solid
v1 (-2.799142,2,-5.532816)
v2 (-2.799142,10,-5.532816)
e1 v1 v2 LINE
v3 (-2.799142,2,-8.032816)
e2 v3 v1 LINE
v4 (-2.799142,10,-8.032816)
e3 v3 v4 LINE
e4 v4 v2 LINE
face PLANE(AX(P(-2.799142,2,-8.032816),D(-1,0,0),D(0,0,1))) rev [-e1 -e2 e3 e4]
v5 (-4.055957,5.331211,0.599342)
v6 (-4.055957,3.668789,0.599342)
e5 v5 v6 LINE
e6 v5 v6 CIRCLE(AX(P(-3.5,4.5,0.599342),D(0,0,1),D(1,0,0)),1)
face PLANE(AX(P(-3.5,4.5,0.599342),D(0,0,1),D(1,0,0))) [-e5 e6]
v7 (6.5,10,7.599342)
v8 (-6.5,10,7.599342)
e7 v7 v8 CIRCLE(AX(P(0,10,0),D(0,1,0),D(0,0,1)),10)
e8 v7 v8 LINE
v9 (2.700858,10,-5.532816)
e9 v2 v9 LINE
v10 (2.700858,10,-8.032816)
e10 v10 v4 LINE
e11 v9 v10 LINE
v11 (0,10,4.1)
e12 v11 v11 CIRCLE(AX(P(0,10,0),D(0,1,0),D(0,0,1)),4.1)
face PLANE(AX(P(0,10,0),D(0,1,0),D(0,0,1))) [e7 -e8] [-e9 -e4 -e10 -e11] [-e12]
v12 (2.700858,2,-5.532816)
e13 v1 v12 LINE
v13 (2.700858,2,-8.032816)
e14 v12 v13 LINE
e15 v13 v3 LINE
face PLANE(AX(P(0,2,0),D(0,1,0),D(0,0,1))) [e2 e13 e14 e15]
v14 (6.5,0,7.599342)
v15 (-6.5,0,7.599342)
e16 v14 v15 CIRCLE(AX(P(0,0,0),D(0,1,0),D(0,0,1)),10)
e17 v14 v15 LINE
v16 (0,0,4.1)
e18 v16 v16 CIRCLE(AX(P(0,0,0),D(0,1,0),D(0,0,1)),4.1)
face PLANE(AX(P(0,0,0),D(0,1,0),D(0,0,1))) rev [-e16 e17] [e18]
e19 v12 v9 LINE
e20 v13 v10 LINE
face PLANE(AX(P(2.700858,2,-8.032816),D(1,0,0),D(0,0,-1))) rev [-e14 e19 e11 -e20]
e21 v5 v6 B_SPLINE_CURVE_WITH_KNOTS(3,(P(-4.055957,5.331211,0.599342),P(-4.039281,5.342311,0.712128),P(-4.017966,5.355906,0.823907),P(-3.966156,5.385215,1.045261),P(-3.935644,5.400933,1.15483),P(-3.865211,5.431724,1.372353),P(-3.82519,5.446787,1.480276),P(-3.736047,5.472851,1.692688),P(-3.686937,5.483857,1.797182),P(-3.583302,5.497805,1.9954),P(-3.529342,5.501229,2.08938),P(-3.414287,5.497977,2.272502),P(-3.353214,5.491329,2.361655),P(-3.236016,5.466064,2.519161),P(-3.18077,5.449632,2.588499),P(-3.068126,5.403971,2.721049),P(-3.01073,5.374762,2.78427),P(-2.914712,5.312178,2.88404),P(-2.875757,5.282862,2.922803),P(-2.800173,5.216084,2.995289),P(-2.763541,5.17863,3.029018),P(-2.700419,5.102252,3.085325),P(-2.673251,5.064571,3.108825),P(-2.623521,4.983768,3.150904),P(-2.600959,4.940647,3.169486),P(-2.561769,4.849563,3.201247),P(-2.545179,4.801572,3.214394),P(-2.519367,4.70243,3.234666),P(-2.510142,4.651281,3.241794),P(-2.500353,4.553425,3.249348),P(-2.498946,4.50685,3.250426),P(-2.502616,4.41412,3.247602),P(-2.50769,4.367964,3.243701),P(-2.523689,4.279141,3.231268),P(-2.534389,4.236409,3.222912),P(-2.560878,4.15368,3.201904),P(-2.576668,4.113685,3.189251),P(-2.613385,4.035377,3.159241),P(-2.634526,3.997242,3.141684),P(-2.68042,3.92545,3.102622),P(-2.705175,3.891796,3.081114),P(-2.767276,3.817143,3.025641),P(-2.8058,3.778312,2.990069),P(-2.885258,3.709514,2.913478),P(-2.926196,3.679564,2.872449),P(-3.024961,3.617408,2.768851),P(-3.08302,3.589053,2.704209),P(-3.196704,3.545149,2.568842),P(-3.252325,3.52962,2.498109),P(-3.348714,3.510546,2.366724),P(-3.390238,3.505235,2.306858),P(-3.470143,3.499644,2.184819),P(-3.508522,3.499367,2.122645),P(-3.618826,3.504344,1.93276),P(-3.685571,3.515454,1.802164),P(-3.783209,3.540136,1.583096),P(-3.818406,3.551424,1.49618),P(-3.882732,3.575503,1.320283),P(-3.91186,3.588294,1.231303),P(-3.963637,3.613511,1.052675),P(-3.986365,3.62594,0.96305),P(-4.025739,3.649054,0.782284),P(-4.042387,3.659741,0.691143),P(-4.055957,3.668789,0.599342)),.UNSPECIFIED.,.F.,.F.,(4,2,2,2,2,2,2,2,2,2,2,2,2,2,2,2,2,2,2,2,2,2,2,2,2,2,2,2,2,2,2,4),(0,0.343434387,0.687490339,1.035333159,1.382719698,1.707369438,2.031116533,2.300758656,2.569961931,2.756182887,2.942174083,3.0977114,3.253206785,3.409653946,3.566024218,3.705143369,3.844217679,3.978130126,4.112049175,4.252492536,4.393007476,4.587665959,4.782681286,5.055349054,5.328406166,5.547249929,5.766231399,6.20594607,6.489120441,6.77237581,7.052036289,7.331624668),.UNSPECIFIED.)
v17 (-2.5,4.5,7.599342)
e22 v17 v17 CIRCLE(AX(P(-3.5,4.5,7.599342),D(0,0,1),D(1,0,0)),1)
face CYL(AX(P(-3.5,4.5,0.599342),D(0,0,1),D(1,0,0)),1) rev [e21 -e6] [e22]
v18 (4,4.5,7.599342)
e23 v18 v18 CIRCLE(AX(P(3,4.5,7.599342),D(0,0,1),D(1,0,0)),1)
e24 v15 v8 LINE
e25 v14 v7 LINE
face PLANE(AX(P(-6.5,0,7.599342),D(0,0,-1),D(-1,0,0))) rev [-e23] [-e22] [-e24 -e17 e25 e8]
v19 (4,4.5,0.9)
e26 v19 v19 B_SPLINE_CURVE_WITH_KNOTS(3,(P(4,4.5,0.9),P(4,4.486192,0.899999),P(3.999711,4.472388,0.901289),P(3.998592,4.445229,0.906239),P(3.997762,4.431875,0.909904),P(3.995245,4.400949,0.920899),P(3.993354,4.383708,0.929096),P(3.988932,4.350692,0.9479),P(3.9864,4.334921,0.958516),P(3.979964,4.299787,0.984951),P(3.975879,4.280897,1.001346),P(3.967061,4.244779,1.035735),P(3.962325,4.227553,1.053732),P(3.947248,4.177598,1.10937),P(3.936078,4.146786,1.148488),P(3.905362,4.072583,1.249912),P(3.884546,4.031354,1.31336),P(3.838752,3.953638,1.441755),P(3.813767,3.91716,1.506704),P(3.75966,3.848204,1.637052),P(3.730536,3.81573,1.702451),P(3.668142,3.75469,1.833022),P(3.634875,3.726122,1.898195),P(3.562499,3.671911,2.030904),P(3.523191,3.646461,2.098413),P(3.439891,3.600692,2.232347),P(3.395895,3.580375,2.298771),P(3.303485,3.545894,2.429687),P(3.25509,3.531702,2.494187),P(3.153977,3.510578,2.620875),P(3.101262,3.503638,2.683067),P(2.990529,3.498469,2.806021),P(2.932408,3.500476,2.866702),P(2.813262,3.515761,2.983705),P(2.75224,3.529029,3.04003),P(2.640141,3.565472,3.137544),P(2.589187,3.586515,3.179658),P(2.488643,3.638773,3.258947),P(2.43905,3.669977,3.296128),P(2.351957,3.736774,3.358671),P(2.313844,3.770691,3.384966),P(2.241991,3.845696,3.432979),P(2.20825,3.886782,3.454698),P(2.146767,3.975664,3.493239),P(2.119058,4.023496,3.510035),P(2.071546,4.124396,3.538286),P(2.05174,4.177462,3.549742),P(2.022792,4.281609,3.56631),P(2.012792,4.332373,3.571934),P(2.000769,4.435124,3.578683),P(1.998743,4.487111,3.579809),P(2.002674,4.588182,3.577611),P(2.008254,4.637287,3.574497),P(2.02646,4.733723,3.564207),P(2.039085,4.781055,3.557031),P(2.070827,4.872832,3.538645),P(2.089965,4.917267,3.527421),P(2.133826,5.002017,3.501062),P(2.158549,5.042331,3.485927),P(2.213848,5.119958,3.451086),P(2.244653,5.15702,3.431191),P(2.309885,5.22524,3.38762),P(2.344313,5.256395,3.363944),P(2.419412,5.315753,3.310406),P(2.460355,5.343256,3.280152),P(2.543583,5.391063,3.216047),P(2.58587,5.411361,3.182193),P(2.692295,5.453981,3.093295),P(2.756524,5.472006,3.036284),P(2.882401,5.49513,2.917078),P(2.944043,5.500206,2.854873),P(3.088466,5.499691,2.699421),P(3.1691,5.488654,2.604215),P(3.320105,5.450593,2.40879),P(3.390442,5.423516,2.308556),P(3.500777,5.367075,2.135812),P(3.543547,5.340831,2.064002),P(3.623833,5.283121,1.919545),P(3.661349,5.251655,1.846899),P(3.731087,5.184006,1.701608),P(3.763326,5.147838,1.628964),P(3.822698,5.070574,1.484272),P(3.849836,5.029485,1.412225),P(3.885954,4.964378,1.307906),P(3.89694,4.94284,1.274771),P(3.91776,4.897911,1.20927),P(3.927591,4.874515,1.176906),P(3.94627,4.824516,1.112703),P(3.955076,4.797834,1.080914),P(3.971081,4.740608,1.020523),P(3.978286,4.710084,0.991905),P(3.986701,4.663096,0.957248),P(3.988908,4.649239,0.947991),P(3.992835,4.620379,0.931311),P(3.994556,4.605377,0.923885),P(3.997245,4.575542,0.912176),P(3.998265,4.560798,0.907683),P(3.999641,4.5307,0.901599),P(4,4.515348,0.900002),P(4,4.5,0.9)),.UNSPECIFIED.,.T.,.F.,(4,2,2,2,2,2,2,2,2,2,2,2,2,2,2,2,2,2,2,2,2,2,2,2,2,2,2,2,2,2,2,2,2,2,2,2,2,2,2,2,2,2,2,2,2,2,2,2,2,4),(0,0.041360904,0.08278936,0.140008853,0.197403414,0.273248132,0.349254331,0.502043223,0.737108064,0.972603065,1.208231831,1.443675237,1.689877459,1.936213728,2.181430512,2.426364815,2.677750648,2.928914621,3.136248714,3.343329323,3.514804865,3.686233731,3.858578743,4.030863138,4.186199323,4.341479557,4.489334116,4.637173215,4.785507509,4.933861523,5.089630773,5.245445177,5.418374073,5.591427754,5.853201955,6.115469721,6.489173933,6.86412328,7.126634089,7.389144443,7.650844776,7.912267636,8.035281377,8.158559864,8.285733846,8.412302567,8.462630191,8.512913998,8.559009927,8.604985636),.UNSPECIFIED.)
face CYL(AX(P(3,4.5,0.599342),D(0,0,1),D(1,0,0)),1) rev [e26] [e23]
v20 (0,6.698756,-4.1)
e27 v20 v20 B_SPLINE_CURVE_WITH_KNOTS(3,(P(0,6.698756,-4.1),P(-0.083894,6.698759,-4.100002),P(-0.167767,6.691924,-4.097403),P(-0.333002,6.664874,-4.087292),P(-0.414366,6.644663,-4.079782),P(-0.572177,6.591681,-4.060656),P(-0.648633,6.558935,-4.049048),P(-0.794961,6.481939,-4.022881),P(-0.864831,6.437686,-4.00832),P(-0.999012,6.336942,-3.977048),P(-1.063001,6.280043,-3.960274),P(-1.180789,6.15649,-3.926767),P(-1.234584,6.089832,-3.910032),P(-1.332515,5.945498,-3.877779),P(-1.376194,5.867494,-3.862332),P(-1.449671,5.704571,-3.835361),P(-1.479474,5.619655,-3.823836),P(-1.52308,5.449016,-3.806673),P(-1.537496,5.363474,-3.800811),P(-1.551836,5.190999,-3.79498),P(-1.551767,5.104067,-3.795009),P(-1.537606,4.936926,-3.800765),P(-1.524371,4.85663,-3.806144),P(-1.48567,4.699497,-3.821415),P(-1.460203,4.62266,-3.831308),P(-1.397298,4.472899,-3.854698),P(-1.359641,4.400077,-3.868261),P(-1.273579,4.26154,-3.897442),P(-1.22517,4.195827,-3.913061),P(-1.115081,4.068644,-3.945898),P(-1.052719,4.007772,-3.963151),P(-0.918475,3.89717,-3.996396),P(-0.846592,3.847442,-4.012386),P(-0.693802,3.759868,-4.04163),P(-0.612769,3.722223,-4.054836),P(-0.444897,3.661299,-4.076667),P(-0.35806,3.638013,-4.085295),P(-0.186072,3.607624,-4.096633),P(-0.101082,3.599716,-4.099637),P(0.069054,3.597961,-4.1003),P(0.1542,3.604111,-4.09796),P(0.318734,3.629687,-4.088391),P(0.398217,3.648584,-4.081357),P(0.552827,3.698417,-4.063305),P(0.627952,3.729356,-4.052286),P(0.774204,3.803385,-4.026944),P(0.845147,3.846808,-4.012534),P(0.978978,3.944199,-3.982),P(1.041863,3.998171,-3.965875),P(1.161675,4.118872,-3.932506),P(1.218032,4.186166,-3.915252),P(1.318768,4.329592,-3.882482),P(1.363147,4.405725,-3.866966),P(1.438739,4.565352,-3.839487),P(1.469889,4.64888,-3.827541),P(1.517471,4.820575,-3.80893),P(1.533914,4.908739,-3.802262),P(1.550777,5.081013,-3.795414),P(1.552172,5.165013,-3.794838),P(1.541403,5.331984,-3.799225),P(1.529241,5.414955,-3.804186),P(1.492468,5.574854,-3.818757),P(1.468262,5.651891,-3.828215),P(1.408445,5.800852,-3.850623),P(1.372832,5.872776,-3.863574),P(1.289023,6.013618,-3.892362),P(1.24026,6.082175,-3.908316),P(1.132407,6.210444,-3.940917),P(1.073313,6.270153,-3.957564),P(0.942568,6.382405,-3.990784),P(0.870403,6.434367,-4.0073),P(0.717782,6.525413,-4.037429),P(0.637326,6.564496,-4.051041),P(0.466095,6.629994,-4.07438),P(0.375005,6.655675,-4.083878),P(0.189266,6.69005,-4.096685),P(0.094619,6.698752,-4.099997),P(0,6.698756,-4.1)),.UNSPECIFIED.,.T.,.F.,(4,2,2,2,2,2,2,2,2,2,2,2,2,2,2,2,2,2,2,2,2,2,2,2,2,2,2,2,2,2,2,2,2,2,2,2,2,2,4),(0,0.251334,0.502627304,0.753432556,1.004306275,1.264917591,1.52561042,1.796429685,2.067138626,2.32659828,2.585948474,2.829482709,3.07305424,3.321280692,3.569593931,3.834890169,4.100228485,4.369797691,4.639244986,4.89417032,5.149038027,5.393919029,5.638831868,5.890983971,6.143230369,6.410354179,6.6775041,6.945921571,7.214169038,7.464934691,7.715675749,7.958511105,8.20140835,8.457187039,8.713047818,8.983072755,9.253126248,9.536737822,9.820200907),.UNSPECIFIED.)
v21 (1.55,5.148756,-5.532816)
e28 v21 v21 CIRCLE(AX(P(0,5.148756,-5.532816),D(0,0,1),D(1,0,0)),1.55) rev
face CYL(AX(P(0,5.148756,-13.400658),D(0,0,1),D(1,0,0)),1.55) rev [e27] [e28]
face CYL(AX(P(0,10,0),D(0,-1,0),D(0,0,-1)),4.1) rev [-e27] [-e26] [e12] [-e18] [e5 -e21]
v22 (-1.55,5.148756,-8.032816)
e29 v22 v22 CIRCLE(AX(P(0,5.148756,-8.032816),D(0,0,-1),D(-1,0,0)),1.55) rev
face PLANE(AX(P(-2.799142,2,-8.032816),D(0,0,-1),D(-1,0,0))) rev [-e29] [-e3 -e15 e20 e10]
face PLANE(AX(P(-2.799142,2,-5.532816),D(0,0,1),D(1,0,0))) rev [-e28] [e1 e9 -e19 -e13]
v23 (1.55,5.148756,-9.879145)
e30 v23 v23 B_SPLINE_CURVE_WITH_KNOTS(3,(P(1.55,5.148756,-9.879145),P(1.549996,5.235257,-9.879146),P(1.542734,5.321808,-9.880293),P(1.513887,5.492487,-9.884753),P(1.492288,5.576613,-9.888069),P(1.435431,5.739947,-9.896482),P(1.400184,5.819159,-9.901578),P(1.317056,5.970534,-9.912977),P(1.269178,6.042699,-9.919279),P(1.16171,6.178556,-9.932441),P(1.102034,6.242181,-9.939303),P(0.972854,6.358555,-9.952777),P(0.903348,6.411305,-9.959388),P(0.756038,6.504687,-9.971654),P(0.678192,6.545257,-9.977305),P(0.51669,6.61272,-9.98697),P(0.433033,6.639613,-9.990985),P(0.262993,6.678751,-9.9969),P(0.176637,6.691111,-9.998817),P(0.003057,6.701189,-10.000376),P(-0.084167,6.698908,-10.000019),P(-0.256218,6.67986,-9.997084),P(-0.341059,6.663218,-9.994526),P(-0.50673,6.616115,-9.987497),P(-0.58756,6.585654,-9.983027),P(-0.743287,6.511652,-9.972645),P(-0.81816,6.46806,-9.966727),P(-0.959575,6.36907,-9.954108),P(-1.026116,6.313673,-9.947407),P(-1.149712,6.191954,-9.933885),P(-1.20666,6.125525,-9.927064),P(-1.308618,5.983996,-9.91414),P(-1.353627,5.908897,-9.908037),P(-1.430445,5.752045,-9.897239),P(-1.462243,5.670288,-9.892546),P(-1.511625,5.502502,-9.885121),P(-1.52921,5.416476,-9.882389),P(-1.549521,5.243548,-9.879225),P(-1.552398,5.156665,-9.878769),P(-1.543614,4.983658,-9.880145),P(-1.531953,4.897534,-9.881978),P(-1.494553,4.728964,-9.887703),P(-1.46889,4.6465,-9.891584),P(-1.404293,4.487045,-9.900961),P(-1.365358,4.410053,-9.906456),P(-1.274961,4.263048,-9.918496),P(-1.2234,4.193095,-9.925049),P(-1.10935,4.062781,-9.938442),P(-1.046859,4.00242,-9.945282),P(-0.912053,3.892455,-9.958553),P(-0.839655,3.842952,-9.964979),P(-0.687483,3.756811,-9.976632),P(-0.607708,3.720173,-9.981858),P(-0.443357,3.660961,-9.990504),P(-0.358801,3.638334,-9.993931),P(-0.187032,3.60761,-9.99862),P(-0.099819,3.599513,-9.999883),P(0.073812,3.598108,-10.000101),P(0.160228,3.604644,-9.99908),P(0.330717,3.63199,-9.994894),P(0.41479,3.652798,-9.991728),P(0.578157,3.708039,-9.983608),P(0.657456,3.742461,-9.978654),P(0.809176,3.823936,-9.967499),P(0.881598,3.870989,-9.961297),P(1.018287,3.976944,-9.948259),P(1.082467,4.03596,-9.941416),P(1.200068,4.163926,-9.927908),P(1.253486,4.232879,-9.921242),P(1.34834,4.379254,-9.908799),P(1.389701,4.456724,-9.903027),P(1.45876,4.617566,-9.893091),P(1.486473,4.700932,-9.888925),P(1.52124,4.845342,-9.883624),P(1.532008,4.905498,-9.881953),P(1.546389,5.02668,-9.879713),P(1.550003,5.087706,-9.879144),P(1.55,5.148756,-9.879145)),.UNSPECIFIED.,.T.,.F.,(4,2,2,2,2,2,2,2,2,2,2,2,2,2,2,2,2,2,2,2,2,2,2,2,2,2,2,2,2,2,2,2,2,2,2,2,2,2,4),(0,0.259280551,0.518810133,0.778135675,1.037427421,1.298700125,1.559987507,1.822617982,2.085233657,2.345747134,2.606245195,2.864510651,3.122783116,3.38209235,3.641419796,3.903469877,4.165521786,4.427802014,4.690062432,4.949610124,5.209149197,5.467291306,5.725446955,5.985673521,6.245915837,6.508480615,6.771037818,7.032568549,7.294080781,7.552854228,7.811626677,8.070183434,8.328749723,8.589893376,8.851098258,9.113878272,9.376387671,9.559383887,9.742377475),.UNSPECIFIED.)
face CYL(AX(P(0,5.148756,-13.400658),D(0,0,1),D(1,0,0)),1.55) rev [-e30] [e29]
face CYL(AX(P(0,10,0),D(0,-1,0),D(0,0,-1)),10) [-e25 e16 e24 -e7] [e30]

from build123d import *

# Parameters (mm, degrees)
SKETCH_1_R          = 10
SKETCH_1_R_2        = 4.1
EXTRUDE_1_DEPTH     = 10
CUT_EXTRUDE_1_DEPTH = 18.320508076
SKETCH_3_R          = 1
CUT_EXTRUDE_2_DEPTH = 7
SKETCH_4_R          = 1.55
CUT_EXTRUDE_3_DEPTH = 11
SKETCH_5_W          = 5.5
SKETCH_5_H          = 2.5
CUT_EXTRUDE_4_DEPTH = 8


with BuildPart() as part:
    # 草图1 → 凸台-拉伸1 (new body)
    with BuildSketch(Plane(origin=(0, 0, 0), x_dir=(1, 0, 0), z_dir=(0, 1, 0))):
        with Locations(Location((0, 0, 0), (0, 0, 270))):
            Circle(SKETCH_1_R)
        with Locations(Location((0, 0, 0), (0, 0, 270))):
            Circle(SKETCH_1_R_2, mode=Mode.SUBTRACT)
    extrude(amount=EXTRUDE_1_DEPTH)

    # 草图2 → 切除-拉伸1 (cut, through all)
    with BuildSketch(Plane(origin=(0, 10, 0), x_dir=(1, 0, 0), z_dir=(0, 1, 0))):
        with BuildLine():
            Line((-6.5, -7.599342077), (6.5, -7.599342077))
            ThreePointArc((6.5, -7.599342077), (0, -10), (-6.5, -7.599342077))
        make_face()
    extrude(amount=-CUT_EXTRUDE_1_DEPTH, mode=Mode.SUBTRACT)

    # 草图3 → 切除-拉伸2 (cut)
    with BuildSketch(Plane.XY.offset(7.599342077)):
        with Locations((-3.5, 4.5)):
            Circle(SKETCH_3_R)
        with Locations((3, 4.5)):
            Circle(SKETCH_3_R)
    extrude(amount=-CUT_EXTRUDE_2_DEPTH, mode=Mode.SUBTRACT)

    # 草图4 → 切除-拉伸3 (cut)
    with BuildSketch(Plane.XY.offset(-2.400657923)):
        with Locations((0, 5.148756005)):
            Circle(SKETCH_4_R)
    extrude(amount=-CUT_EXTRUDE_3_DEPTH, mode=Mode.SUBTRACT)

    # 草图5 → 切除-拉伸4 (cut)
    with BuildSketch(Plane(origin=(0, 10, 0), x_dir=(1, 0, 0), z_dir=(0, 1, 0))):
        with Locations((-0.049141686, 6.782816016)):
            Rectangle(SKETCH_5_W, SKETCH_5_H)
    extrude(amount=-CUT_EXTRUDE_4_DEPTH, mode=Mode.SUBTRACT)


solid = part.part
